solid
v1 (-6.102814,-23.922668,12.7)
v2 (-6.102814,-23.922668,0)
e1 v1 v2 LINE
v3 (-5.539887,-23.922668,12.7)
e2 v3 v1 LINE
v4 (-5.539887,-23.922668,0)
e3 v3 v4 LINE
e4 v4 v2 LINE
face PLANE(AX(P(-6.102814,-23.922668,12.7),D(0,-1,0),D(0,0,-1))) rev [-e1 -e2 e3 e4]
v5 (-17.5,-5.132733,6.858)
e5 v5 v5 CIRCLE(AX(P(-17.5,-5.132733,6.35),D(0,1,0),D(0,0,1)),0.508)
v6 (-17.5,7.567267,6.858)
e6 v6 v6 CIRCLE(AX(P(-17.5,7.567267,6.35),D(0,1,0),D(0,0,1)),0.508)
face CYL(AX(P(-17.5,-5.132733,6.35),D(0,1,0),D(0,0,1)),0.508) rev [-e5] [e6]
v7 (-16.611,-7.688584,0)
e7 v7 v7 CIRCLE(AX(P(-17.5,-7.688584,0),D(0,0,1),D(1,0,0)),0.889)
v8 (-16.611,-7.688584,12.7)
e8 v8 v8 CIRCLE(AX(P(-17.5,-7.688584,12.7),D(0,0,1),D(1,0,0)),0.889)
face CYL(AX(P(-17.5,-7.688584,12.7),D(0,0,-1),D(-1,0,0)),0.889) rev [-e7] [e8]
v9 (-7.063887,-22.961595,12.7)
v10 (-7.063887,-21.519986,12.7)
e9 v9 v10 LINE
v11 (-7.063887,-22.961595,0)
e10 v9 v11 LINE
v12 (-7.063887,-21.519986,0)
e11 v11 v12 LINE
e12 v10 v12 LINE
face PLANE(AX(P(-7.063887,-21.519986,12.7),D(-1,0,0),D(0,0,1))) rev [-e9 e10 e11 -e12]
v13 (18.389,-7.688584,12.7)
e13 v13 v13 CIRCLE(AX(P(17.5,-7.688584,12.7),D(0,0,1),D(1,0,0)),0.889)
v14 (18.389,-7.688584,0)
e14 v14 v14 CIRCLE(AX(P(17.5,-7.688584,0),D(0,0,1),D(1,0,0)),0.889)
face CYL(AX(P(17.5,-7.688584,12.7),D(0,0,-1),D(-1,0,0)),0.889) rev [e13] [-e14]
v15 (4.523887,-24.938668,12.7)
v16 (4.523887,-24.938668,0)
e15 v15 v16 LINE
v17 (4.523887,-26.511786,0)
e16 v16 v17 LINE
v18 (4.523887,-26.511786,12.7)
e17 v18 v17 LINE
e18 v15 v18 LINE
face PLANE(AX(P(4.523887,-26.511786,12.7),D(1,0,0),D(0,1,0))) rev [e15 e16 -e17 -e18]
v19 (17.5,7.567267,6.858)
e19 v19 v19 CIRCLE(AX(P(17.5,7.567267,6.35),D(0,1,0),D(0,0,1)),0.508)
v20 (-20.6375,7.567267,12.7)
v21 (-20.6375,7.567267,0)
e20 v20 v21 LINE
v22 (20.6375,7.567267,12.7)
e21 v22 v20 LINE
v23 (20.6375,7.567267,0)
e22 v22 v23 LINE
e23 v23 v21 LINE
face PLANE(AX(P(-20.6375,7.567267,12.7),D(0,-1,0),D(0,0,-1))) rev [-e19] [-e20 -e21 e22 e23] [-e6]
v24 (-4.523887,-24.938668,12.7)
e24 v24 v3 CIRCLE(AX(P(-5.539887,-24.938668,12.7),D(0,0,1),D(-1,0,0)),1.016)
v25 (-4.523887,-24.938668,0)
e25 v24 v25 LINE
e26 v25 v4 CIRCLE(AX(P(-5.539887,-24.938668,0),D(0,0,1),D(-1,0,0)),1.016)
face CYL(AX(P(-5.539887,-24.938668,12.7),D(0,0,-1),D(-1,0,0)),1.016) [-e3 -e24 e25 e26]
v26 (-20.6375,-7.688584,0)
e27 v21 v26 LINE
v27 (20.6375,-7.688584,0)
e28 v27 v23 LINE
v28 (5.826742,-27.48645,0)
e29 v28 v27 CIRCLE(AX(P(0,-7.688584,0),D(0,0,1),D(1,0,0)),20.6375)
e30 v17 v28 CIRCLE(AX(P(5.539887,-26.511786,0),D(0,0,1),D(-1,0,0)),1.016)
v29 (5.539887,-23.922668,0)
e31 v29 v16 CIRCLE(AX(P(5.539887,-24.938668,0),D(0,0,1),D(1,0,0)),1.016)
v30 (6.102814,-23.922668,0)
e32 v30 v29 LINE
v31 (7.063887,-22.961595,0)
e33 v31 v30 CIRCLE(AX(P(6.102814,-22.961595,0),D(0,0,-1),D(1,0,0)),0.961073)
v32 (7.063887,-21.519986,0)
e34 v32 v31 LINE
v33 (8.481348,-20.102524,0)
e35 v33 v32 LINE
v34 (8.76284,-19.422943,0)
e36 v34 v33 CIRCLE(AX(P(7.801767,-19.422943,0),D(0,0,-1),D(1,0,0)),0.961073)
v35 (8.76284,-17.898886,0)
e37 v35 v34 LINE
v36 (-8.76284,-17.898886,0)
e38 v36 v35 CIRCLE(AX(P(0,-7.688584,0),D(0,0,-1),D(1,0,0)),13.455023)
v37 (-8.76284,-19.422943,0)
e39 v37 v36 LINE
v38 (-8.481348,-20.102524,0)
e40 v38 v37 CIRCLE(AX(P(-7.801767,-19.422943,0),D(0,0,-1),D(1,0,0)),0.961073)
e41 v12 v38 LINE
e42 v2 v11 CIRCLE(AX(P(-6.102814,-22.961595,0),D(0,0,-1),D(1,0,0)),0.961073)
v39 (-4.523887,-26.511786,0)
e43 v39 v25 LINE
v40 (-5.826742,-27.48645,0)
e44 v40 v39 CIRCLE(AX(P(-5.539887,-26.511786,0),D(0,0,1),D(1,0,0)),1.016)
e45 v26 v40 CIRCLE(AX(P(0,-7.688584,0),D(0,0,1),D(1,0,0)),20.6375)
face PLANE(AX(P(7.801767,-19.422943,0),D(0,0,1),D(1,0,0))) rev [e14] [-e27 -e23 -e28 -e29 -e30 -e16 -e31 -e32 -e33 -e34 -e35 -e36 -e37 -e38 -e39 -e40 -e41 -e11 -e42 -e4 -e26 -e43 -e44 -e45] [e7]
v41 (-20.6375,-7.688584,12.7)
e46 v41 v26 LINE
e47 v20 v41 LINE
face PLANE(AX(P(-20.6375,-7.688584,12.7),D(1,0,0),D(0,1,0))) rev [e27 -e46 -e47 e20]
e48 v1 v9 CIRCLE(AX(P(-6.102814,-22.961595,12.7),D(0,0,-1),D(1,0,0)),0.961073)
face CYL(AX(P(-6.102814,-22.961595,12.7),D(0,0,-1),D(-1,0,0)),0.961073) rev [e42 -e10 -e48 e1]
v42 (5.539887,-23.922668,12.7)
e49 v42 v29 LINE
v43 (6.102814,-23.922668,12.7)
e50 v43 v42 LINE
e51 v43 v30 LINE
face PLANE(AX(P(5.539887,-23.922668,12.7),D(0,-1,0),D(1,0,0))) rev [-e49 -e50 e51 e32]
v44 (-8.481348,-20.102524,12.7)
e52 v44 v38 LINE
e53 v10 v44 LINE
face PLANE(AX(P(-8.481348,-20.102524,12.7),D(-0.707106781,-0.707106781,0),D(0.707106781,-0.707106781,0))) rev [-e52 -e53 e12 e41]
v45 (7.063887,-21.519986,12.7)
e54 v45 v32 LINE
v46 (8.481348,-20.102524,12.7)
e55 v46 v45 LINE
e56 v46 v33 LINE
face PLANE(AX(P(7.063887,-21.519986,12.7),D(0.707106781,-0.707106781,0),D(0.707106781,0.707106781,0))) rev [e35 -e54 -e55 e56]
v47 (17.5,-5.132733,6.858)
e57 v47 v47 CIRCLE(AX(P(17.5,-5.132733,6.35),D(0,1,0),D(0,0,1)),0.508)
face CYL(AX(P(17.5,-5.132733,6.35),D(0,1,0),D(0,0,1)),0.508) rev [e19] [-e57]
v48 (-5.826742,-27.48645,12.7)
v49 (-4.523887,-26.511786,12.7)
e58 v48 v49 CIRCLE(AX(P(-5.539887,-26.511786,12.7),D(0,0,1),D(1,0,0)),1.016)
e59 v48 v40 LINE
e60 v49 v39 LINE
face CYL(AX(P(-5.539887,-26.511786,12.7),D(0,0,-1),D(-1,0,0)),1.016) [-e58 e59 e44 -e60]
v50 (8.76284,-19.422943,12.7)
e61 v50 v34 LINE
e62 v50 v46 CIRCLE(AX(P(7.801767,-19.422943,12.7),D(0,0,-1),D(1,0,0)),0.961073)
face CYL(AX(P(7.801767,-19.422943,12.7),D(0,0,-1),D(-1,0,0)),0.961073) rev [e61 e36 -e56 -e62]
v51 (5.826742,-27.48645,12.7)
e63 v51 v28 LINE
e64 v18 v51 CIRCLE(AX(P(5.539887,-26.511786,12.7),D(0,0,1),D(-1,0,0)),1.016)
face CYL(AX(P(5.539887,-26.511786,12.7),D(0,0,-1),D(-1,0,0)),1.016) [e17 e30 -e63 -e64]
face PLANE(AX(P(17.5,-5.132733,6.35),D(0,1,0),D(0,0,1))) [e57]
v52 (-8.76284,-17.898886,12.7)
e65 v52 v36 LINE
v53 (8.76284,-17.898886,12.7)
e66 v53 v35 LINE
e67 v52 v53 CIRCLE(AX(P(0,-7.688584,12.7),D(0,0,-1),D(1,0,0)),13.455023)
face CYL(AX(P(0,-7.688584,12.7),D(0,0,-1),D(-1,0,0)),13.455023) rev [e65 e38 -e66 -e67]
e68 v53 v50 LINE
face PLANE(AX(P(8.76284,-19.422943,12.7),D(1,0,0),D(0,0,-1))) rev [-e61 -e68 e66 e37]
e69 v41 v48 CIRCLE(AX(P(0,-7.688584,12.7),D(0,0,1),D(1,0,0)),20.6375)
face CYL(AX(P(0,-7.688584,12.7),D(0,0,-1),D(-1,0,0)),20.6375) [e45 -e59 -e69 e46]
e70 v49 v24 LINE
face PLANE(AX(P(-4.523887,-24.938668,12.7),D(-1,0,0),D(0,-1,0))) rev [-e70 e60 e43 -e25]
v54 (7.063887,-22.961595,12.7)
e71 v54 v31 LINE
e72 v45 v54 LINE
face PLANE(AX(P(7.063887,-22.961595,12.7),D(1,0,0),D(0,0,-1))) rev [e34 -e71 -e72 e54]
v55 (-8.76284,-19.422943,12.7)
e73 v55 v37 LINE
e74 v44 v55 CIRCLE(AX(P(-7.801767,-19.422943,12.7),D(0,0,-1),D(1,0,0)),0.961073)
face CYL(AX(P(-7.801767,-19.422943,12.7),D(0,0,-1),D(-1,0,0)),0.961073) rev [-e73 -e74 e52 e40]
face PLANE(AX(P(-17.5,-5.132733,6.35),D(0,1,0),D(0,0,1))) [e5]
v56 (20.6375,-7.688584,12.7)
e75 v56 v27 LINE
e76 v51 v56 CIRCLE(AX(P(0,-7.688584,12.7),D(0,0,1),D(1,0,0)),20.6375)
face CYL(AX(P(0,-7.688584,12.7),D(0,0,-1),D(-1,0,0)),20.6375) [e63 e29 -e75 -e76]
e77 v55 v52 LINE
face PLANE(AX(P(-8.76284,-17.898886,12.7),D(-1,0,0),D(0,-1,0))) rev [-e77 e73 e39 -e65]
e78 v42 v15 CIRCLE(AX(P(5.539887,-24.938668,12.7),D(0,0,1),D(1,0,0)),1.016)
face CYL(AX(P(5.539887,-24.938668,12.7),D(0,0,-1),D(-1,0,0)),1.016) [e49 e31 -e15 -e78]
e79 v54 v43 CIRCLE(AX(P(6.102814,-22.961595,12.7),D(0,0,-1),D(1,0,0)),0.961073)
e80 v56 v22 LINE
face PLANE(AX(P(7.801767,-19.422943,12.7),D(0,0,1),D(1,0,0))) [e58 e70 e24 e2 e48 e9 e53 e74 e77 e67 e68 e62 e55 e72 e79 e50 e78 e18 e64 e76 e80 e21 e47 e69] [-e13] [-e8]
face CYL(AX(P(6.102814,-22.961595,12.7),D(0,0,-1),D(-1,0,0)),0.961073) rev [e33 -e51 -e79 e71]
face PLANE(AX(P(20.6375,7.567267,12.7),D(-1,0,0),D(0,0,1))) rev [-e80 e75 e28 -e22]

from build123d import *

# Parameters (mm, degrees)
SKETCH1_R           = 0.889
BOSS_EXTRUDE1_DEPTH = 12.7
SKETCH2_R           = 0.508
CUT_EXTRUDE1_DEPTH  = 12.7


with BuildPart() as part:
    # Sketch1 → Boss-Extrude1 (new body)
    with BuildSketch(Plane.XY):
        with BuildLine():
            Line((-20.6375, -7.688584311), (-20.6375, 7.567266813))
            Line((-20.6375, 7.567266813), (20.6375, 7.567266813))
            Line((20.6375, 7.567266813), (20.6375, -7.688584311))
            ThreePointArc((20.6375, -7.688584311), (16.525068691, -20.050967212), (5.826741818, -27.486450005))
            ThreePointArc((5.826741818, -27.486450005), (4.931277216, -27.325327691), (4.523886836, -26.511785848))
            Line((4.523886836, -26.511785848), (4.523886836, -24.938668143))
            ThreePointArc((4.523886836, -24.938668143), (4.821466346, -24.220247653), (5.539886836, -23.922668143))
            Line((5.539886836, -23.922668143), (6.102813797, -23.922668143))
            ThreePointArc((6.102813797, -23.922668143), (6.78239506, -23.641176367), (7.063886836, -22.961595104))
            Line((7.063886836, -22.961595104), (7.063886836, -21.519985546))
            Line((7.063886836, -21.519985546), (8.481348217, -20.102524164))
            ThreePointArc((8.481348217, -20.102524164), (8.689682664, -19.79072963), (8.762839993, -19.422942901))
            Line((8.762839993, -19.422942901), (8.762839993, -17.898886311))
            ThreePointArc((8.762839993, -17.898886311), (11.420440685, -14.802736841), (13.027769559, -11.052339947))
            ThreePointArc((13.027769559, -11.052339947), (13.455022544, -7.688584311), (13.027769559, -4.324828675))
            ThreePointArc((13.027769559, -4.324828675), (0, 5.766438233), (-13.027769559, -4.324828675))
            ThreePointArc((-13.027769559, -4.324828675), (-13.455022544, -7.688584311), (-13.027769559, -11.052339947))
            ThreePointArc((-13.027769559, -11.052339947), (-11.420440685, -14.802736841), (-8.762839993, -17.898886311))
            Line((-8.762839993, -17.898886311), (-8.762839993, -19.422942901))
            ThreePointArc((-8.762839993, -19.422942901), (-8.689682664, -19.79072963), (-8.481348217, -20.102524164))
            Line((-8.481348217, -20.102524164), (-7.063886836, -21.519985546))
            Line((-7.063886836, -21.519985546), (-7.063886836, -22.961595104))
            ThreePointArc((-7.063886836, -22.961595104), (-6.78239506, -23.641176367), (-6.102813797, -23.922668143))
            Line((-6.102813797, -23.922668143), (-5.539886836, -23.922668143))
            ThreePointArc((-5.539886836, -23.922668143), (-4.821466346, -24.220247653), (-4.523886836, -24.938668143))
            Line((-4.523886836, -24.938668143), (-4.523886836, -26.511785848))
            ThreePointArc((-4.523886836, -26.511785848), (-4.931277216, -27.325327691), (-5.826741818, -27.486450005))
            ThreePointArc((-5.826741818, -27.486450005), (-16.525068691, -20.050967212), (-20.6375, -7.688584311))
        make_face()
        with Locations((-17.5, -7.688584311)):
            Circle(SKETCH1_R, mode=Mode.SUBTRACT)
        with Locations((17.5, -7.688584311)):
            Circle(SKETCH1_R, mode=Mode.SUBTRACT)
    extrude(amount=BOSS_EXTRUDE1_DEPTH)

    # Sketch2 → Cut-Extrude1 (cut)
    with BuildSketch(Plane(origin=(0, 7.567266813, 0), x_dir=(1, 0, 0), z_dir=(0, 1, 0))):
        with Locations(Location((-17.5, -6.35, 0), (0, 0, 270))):
            Circle(SKETCH2_R)
        with Locations(Location((17.5, -6.35, 0), (0, 0, 270))):
            Circle(SKETCH2_R)
    extrude(amount=-CUT_EXTRUDE1_DEPTH, mode=Mode.SUBTRACT)


solid = part.part
